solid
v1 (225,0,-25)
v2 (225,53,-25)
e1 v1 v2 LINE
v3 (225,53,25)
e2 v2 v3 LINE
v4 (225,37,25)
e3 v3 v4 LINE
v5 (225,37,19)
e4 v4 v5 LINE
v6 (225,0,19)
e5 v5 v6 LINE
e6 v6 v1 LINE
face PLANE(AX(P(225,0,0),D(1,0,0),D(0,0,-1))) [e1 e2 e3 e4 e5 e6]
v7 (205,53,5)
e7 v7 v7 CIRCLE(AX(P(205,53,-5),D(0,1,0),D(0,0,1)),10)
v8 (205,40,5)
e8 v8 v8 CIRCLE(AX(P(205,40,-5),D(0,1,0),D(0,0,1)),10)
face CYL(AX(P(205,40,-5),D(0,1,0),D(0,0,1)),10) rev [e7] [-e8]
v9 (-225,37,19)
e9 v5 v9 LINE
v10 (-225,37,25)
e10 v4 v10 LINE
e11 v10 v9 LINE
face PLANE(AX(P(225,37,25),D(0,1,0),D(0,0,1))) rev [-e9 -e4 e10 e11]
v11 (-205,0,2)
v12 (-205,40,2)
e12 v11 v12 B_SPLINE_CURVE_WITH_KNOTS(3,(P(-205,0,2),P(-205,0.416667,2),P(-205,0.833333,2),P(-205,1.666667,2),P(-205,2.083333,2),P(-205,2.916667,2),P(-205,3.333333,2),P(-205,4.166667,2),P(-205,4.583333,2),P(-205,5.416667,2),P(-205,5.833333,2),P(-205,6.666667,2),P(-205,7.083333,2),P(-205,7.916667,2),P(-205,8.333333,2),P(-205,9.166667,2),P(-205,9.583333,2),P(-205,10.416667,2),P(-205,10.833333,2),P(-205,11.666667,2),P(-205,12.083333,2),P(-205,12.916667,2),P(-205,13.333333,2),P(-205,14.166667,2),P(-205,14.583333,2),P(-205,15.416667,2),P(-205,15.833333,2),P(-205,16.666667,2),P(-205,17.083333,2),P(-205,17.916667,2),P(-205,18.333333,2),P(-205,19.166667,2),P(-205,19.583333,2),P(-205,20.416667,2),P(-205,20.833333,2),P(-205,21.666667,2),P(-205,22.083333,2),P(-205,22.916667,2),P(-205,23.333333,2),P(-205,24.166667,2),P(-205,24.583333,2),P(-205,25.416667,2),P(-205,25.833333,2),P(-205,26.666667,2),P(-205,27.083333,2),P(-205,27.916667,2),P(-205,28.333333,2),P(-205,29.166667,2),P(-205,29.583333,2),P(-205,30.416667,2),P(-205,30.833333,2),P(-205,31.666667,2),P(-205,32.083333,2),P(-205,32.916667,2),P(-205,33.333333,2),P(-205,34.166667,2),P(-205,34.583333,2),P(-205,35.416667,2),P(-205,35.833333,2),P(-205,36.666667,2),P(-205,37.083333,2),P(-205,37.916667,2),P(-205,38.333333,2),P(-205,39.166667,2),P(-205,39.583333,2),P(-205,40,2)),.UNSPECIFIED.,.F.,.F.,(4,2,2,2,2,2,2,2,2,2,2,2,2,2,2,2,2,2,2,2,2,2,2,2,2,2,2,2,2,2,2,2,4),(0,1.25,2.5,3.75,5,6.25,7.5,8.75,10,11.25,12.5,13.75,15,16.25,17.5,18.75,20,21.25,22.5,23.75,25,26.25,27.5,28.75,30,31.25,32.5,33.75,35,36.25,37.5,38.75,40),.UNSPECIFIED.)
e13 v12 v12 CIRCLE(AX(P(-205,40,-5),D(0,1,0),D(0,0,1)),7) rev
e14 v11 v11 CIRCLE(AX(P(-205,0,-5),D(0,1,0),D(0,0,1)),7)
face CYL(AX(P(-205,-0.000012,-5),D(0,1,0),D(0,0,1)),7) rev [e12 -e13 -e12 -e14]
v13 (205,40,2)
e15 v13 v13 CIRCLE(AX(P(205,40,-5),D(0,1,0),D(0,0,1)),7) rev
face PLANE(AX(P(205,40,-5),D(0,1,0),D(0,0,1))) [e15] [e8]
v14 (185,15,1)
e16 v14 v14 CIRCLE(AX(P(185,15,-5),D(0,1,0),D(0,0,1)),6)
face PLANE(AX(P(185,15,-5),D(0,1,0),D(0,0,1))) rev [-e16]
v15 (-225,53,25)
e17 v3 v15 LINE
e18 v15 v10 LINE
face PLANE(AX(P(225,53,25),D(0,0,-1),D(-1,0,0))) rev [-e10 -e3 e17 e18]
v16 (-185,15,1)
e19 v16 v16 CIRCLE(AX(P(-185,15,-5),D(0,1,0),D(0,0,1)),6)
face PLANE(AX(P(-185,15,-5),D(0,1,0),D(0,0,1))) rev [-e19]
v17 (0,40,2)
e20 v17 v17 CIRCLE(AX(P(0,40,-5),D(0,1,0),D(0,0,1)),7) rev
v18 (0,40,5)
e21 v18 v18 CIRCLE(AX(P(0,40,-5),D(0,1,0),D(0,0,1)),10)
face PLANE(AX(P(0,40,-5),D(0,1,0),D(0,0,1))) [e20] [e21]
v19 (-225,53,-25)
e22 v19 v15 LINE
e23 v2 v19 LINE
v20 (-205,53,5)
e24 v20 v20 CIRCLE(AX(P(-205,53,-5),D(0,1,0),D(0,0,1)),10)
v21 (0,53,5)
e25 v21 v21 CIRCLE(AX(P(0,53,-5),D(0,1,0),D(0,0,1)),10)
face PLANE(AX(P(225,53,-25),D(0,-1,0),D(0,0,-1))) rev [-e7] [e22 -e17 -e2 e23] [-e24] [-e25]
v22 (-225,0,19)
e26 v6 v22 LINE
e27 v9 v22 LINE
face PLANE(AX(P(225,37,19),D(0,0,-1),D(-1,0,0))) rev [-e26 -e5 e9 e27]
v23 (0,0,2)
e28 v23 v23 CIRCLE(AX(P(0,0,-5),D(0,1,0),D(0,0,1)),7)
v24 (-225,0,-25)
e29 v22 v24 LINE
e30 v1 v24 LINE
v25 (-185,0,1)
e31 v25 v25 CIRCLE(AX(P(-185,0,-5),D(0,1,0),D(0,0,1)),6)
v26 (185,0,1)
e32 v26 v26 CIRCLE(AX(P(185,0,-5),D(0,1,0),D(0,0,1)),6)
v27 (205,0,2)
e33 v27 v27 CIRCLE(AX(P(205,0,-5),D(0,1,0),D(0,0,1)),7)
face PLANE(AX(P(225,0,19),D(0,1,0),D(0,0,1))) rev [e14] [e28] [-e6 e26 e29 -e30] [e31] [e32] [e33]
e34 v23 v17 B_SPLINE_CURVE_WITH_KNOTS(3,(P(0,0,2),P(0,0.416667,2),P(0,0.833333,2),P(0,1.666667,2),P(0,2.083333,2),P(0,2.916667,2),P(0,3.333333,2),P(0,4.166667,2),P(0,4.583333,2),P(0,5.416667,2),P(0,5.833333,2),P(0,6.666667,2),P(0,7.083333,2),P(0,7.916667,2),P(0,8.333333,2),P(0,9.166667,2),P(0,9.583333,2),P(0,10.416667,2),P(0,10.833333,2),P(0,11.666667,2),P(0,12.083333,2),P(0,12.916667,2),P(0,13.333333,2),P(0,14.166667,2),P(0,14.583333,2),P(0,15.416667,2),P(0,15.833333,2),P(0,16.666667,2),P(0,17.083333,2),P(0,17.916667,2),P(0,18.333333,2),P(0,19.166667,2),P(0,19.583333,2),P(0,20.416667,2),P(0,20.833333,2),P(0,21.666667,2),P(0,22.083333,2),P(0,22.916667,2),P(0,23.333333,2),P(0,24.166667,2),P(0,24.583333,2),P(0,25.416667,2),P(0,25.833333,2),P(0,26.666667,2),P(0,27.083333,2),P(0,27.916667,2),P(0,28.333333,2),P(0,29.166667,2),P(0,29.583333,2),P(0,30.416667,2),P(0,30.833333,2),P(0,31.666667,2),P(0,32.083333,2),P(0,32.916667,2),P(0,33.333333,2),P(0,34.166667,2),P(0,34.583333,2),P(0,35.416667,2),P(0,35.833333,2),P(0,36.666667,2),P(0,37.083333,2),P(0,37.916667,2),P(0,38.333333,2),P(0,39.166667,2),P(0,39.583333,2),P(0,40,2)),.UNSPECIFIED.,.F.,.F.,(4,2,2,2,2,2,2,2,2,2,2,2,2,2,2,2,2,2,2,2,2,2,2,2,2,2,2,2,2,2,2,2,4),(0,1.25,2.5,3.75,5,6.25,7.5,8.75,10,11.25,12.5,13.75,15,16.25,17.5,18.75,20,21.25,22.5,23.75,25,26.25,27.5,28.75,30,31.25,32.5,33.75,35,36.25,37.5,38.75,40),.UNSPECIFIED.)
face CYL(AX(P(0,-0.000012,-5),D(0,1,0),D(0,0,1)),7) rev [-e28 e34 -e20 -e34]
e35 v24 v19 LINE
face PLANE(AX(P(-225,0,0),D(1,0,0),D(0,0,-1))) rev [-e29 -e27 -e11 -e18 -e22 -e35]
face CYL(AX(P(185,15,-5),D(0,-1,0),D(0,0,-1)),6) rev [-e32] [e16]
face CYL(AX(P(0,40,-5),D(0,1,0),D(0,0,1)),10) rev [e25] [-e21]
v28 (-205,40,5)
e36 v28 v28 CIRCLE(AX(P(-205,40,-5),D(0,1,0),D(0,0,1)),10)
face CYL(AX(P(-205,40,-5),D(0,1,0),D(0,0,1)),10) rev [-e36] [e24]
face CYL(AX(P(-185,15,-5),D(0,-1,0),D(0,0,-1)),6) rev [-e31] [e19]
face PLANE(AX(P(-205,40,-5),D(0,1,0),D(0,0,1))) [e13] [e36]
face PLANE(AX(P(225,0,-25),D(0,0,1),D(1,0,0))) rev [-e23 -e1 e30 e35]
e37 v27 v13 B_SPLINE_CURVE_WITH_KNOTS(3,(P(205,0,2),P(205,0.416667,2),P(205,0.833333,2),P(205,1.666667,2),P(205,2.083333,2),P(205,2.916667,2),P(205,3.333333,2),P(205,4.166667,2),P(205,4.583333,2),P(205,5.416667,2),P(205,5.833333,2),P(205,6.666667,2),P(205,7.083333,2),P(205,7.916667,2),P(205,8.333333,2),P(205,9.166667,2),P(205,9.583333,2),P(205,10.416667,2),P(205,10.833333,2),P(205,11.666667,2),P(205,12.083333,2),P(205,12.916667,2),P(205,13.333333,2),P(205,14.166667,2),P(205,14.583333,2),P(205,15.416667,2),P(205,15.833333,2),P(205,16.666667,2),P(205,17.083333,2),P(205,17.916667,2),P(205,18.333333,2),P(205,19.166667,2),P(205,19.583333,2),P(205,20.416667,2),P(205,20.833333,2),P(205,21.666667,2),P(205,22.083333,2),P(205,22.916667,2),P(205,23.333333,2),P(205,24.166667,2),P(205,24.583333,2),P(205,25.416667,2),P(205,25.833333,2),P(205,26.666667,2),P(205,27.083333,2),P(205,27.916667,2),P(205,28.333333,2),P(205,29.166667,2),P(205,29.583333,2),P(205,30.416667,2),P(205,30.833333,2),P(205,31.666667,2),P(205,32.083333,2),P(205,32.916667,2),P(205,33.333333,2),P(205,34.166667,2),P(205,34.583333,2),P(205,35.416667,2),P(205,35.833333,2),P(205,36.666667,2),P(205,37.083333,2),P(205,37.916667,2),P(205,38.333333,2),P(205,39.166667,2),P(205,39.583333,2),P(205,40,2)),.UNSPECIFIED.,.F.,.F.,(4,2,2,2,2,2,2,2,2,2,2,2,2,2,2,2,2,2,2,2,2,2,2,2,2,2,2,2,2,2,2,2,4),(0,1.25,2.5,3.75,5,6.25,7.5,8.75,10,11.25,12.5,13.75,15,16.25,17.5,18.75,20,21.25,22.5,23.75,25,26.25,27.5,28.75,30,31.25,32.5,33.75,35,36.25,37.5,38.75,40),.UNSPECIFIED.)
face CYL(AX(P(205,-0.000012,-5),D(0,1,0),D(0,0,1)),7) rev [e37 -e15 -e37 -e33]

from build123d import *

# Parameters (mm, degrees)
EXTRUDE_1_DEPTH          = 225
EXTRUDE_1_DEPTH_BACK     = 225
CUT_EXTRUDE_1_DEPTH      = 233.505913903
CUT_EXTRUDE_1_DEPTH_BACK = 233.505913903
SKETCH_2_R               = 7
SKETCH_4_R               = 10
CUT_EXTRUDE_2_DEPTH      = 13
SKETCH_6_R               = 6
CUT_EXTRUDE_4_DEPTH      = 15


with BuildPart() as part:
    # ｽｹｯﾁ1 → ﾎﾞｽ - 押し出し1 (new, two sides: drawn at the far end of the back side and taken through both)
    with BuildSketch(Plane(origin=(0, 0, 0), x_dir=(0, 0, -1), z_dir=(1, 0, 0)).offset(-EXTRUDE_1_DEPTH_BACK)):
        Polygon((-19, 0), (25, 0), (25, 53), (-25, 53), (-25, 37), (-19, 37), align=None)
    extrude(amount=EXTRUDE_1_DEPTH + EXTRUDE_1_DEPTH_BACK)

    # ｽｹｯﾁ2 → ｶｯﾄ - 押し出し1 (cut, two sides: drawn at the far end of the back side and taken through both)
    with BuildSketch(Plane(origin=(0, 0, 0), x_dir=(1, 0, 0), z_dir=(0, 1, 0)).offset(-CUT_EXTRUDE_1_DEPTH_BACK)):
        with Locations((-205, 5)):
            Circle(SKETCH_2_R)
        with Locations((0, 5)):
            Circle(SKETCH_2_R)
        with Locations((205, 5)):
            Circle(SKETCH_2_R)
    extrude(amount=CUT_EXTRUDE_1_DEPTH + CUT_EXTRUDE_1_DEPTH_BACK, mode=Mode.SUBTRACT)

    # ｽｹｯﾁ4 → ｶｯﾄ - 押し出し2 (cut)
    with BuildSketch(Plane(origin=(0, 53, 0), x_dir=(1, 0, 0), z_dir=(0, 1, 0))):
        with Locations((-205, 5)):
            Circle(SKETCH_4_R)
        with Locations((0, 5)):
            Circle(SKETCH_4_R)
        with Locations((205, 5)):
            Circle(SKETCH_4_R)
    extrude(amount=-CUT_EXTRUDE_2_DEPTH, mode=Mode.SUBTRACT)

    # ｽｹｯﾁ6 → ｶｯﾄ - 押し出し4 (cut)
    with BuildSketch(Plane(origin=(0, 0, 0), x_dir=(1, 0, 0), z_dir=(0, 1, 0))):
        with Locations((-185, 5)):
            Circle(SKETCH_6_R)
        with Locations((185, 5)):
            Circle(SKETCH_6_R)
    extrude(amount=CUT_EXTRUDE_4_DEPTH, mode=Mode.SUBTRACT)


solid = part.part
